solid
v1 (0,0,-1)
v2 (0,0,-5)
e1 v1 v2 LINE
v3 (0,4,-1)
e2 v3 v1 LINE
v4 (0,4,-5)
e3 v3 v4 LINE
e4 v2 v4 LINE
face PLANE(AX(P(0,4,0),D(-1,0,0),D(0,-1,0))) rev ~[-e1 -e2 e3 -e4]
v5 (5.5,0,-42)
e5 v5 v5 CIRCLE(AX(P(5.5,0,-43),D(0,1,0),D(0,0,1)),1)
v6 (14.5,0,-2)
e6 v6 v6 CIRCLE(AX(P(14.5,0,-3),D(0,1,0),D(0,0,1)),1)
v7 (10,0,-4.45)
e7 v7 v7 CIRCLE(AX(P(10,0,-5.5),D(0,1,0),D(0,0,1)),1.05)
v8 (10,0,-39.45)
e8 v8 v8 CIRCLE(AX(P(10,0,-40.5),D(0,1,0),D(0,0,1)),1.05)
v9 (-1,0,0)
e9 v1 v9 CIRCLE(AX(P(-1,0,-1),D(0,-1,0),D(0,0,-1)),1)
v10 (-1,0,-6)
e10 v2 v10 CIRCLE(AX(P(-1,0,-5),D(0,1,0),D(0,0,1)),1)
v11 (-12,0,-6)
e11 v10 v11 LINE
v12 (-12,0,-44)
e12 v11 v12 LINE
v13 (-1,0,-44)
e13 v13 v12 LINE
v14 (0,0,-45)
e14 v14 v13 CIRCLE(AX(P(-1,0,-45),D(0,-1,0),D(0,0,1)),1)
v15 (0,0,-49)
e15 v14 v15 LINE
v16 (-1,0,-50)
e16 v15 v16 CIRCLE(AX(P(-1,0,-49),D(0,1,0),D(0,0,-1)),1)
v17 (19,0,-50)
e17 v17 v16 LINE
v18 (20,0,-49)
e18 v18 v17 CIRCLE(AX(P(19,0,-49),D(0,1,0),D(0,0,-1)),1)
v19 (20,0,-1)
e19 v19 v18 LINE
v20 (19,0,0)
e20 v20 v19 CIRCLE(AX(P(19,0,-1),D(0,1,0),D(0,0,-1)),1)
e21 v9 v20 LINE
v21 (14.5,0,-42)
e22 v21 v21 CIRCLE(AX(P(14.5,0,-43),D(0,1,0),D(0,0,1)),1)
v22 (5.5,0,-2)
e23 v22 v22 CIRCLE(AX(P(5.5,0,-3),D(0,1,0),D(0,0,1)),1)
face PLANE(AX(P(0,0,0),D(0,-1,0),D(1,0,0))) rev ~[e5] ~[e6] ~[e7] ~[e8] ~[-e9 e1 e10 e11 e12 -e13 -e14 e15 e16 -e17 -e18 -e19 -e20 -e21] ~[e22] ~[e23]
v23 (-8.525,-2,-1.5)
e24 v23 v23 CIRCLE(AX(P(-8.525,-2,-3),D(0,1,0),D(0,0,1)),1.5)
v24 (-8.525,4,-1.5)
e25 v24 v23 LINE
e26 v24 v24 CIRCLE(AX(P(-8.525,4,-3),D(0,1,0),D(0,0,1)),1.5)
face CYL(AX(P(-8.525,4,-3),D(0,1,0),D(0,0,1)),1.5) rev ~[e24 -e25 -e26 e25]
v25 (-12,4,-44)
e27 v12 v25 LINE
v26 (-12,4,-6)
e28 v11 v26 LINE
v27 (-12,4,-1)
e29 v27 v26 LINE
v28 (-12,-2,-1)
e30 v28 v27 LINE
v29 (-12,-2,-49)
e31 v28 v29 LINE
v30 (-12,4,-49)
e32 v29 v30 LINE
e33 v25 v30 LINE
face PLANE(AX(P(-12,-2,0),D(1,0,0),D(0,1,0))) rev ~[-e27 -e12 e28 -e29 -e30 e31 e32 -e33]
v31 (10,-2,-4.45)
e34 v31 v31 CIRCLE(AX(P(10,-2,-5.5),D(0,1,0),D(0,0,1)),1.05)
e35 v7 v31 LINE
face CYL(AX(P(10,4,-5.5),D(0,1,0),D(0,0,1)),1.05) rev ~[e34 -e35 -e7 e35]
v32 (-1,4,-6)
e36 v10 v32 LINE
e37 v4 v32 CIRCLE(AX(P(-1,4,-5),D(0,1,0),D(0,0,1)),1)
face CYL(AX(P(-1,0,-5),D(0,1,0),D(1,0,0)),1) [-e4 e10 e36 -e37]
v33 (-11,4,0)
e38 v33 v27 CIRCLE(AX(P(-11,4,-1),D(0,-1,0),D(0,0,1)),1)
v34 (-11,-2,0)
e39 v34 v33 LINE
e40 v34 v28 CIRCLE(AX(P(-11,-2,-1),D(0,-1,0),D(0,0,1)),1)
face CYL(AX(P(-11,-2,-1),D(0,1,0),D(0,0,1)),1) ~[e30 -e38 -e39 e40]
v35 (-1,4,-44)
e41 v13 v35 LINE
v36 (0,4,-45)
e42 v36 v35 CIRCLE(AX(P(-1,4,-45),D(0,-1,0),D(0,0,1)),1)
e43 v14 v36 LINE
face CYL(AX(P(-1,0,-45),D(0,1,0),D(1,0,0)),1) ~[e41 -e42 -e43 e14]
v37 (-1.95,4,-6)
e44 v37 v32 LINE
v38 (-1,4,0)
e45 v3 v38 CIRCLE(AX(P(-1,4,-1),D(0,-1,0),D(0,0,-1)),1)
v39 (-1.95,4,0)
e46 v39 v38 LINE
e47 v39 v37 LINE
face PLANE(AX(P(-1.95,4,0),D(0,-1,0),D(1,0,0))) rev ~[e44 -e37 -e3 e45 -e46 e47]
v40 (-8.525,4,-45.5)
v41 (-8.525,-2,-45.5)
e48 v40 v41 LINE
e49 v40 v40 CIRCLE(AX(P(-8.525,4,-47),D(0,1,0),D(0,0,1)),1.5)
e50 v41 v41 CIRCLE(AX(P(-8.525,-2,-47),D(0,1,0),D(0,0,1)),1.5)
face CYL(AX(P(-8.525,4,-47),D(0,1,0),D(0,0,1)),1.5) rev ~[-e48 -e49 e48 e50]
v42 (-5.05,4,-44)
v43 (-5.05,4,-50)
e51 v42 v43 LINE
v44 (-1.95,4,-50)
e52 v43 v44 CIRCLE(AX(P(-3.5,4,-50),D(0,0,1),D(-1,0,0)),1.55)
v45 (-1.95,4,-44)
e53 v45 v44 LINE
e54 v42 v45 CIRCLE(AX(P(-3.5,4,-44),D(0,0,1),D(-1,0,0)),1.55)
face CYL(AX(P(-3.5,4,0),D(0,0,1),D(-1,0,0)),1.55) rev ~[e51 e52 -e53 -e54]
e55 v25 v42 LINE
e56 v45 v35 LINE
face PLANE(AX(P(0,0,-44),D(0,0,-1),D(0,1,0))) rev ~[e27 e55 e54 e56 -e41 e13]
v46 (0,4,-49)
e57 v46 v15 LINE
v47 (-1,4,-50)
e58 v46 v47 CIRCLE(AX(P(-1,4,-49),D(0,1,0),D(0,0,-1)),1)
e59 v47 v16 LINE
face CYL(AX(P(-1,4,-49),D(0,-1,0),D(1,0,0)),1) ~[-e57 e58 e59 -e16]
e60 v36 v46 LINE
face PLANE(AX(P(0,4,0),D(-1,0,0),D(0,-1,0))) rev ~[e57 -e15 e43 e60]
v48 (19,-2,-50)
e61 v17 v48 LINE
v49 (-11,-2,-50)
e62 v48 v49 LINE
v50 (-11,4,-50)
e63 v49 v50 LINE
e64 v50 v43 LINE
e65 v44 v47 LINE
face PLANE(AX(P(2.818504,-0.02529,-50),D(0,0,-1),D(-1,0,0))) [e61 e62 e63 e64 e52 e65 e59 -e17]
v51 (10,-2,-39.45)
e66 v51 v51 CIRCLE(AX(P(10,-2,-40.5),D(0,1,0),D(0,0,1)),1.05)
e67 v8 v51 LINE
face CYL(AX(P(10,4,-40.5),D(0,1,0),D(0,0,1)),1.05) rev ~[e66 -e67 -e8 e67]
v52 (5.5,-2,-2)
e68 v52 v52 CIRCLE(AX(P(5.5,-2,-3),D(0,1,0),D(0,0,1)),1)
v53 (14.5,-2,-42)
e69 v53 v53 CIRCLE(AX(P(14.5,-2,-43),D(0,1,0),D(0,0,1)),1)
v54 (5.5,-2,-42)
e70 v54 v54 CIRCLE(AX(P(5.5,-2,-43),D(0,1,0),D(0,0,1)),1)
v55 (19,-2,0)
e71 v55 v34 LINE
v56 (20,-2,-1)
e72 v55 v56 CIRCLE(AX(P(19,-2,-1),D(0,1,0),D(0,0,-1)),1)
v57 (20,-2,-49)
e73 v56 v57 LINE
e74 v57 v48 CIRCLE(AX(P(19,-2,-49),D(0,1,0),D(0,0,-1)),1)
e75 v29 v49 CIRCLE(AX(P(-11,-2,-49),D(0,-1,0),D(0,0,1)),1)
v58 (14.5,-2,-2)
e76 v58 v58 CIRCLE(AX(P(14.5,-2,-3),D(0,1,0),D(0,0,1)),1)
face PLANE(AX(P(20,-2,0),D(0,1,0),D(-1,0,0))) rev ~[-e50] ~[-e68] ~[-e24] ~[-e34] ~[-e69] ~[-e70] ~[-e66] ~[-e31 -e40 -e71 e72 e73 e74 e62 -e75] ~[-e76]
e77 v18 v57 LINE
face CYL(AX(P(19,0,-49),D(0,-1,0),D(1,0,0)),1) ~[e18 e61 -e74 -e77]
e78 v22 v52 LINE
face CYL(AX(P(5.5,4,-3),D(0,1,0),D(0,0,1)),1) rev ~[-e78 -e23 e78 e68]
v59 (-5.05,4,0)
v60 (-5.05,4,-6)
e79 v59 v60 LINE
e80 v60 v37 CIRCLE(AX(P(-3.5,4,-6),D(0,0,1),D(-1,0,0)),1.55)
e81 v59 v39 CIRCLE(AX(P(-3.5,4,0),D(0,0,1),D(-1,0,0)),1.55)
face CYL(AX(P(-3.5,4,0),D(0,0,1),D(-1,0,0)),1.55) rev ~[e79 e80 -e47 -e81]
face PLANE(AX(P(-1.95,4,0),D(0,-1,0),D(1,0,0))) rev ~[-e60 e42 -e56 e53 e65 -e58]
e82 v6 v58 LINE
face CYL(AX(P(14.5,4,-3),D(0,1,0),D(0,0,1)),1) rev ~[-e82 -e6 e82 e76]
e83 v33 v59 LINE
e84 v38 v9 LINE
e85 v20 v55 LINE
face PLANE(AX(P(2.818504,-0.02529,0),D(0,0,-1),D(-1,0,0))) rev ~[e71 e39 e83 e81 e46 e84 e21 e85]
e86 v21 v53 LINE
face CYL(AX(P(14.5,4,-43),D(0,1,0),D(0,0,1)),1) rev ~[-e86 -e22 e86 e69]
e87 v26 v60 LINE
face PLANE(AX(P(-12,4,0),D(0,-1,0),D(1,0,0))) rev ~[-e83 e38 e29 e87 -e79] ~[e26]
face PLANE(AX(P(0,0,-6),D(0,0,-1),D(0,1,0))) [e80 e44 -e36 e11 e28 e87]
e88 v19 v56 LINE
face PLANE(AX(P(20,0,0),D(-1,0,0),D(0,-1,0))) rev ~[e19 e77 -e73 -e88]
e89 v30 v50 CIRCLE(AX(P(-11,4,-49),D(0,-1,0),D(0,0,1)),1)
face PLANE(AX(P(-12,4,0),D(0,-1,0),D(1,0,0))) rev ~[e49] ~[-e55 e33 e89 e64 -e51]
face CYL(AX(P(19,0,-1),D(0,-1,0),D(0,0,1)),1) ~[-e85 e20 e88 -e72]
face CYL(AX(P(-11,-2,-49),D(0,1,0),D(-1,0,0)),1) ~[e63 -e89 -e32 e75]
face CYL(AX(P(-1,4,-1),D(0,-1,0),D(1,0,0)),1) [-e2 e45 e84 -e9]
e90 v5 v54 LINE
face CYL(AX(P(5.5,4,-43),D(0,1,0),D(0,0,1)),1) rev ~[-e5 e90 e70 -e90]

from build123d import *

# Parameters (mm, degrees)
EXTRUDE_1_DEPTH     = 50
SKETCH_2_R          = 1.5
SKETCH_2_R_2        = 1
SKETCH_2_R_3        = 1.05
CUT_EXTRUDE_1_DEPTH = 55.184868737
SKETCH_3_W          = 38
SKETCH_3_H          = 8.212947129
CUT_EXTRUDE_2_DEPTH = 50
FILLET_1_R          = 1


with BuildPart() as part:
    # 草圖1 → 填料-伸長1 (new body)
    with BuildSketch(Plane.XY):
        with BuildLine():
            Line((0, 4), (0, 0))
            Line((0, 0), (20, 0))
            Line((20, 0), (20, -2))
            Line((20, -2), (-12, -2))
            Line((-12, -2), (-12, 4))
            Line((-12, 4), (-5.05, 4))
            ThreePointArc((-5.05, 4), (-3.5, 2.45), (-1.95, 4))
            Line((-1.95, 4), (0, 4))
        make_face()
    extrude(amount=-EXTRUDE_1_DEPTH)

    # 草圖2 → 除料-伸長1 (cut, through all)
    with BuildSketch(Plane(origin=(0, 4, 0), x_dir=(1, 0, 0), z_dir=(0, 1, 0))):
        with Locations(Location((-8.525, 47, 0), (0, 0, 270))):
            Circle(SKETCH_2_R)
        with Locations(Location((-8.525, 3, 0), (0, 0, 270))):
            Circle(SKETCH_2_R)
        with Locations(Location((5.5, 43, 0), (0, 0, 270))):
            Circle(SKETCH_2_R_2)
        with Locations(Location((14.5, 43, 0), (0, 0, 270))):
            Circle(SKETCH_2_R_2)
        with Locations(Location((5.5, 3, 0), (0, 0, 270))):
            Circle(SKETCH_2_R_2)
        with Locations(Location((14.5, 3, 0), (0, 0, 270))):
            Circle(SKETCH_2_R_2)
        with Locations(Location((10, 5.5, 0), (0, 0, 270))):
            Circle(SKETCH_2_R_3)
        with Locations(Location((10, 40.5, 0), (0, 0, 270))):
            Circle(SKETCH_2_R_3)
    extrude(amount=-CUT_EXTRUDE_1_DEPTH, mode=Mode.SUBTRACT)

    # 草圖3 → 除料-伸長2 (cut)
    with BuildSketch(Plane(origin=(0, 0, 0), x_dir=(0, 0, -1), z_dir=(1, 0, 0))):
        with Locations((25, 4.106473564)):
            Rectangle(SKETCH_3_W, SKETCH_3_H)
    extrude(amount=-CUT_EXTRUDE_2_DEPTH, mode=Mode.SUBTRACT)

    # 圓角1
    fillet_1_edges = [part.edges().sort_by_distance(p)[0] for p in [
        (-12, 1, 0),
        (20, -1, -50),
        (0, 2, -50),
        (-12, 1, -50),
        (0, 2, -44),
        (0, 2, -6),
        (0, 2, 0),
        (20, -1, 0),
    ]]
    fillet(fillet_1_edges, radius=FILLET_1_R)


solid = part.part
